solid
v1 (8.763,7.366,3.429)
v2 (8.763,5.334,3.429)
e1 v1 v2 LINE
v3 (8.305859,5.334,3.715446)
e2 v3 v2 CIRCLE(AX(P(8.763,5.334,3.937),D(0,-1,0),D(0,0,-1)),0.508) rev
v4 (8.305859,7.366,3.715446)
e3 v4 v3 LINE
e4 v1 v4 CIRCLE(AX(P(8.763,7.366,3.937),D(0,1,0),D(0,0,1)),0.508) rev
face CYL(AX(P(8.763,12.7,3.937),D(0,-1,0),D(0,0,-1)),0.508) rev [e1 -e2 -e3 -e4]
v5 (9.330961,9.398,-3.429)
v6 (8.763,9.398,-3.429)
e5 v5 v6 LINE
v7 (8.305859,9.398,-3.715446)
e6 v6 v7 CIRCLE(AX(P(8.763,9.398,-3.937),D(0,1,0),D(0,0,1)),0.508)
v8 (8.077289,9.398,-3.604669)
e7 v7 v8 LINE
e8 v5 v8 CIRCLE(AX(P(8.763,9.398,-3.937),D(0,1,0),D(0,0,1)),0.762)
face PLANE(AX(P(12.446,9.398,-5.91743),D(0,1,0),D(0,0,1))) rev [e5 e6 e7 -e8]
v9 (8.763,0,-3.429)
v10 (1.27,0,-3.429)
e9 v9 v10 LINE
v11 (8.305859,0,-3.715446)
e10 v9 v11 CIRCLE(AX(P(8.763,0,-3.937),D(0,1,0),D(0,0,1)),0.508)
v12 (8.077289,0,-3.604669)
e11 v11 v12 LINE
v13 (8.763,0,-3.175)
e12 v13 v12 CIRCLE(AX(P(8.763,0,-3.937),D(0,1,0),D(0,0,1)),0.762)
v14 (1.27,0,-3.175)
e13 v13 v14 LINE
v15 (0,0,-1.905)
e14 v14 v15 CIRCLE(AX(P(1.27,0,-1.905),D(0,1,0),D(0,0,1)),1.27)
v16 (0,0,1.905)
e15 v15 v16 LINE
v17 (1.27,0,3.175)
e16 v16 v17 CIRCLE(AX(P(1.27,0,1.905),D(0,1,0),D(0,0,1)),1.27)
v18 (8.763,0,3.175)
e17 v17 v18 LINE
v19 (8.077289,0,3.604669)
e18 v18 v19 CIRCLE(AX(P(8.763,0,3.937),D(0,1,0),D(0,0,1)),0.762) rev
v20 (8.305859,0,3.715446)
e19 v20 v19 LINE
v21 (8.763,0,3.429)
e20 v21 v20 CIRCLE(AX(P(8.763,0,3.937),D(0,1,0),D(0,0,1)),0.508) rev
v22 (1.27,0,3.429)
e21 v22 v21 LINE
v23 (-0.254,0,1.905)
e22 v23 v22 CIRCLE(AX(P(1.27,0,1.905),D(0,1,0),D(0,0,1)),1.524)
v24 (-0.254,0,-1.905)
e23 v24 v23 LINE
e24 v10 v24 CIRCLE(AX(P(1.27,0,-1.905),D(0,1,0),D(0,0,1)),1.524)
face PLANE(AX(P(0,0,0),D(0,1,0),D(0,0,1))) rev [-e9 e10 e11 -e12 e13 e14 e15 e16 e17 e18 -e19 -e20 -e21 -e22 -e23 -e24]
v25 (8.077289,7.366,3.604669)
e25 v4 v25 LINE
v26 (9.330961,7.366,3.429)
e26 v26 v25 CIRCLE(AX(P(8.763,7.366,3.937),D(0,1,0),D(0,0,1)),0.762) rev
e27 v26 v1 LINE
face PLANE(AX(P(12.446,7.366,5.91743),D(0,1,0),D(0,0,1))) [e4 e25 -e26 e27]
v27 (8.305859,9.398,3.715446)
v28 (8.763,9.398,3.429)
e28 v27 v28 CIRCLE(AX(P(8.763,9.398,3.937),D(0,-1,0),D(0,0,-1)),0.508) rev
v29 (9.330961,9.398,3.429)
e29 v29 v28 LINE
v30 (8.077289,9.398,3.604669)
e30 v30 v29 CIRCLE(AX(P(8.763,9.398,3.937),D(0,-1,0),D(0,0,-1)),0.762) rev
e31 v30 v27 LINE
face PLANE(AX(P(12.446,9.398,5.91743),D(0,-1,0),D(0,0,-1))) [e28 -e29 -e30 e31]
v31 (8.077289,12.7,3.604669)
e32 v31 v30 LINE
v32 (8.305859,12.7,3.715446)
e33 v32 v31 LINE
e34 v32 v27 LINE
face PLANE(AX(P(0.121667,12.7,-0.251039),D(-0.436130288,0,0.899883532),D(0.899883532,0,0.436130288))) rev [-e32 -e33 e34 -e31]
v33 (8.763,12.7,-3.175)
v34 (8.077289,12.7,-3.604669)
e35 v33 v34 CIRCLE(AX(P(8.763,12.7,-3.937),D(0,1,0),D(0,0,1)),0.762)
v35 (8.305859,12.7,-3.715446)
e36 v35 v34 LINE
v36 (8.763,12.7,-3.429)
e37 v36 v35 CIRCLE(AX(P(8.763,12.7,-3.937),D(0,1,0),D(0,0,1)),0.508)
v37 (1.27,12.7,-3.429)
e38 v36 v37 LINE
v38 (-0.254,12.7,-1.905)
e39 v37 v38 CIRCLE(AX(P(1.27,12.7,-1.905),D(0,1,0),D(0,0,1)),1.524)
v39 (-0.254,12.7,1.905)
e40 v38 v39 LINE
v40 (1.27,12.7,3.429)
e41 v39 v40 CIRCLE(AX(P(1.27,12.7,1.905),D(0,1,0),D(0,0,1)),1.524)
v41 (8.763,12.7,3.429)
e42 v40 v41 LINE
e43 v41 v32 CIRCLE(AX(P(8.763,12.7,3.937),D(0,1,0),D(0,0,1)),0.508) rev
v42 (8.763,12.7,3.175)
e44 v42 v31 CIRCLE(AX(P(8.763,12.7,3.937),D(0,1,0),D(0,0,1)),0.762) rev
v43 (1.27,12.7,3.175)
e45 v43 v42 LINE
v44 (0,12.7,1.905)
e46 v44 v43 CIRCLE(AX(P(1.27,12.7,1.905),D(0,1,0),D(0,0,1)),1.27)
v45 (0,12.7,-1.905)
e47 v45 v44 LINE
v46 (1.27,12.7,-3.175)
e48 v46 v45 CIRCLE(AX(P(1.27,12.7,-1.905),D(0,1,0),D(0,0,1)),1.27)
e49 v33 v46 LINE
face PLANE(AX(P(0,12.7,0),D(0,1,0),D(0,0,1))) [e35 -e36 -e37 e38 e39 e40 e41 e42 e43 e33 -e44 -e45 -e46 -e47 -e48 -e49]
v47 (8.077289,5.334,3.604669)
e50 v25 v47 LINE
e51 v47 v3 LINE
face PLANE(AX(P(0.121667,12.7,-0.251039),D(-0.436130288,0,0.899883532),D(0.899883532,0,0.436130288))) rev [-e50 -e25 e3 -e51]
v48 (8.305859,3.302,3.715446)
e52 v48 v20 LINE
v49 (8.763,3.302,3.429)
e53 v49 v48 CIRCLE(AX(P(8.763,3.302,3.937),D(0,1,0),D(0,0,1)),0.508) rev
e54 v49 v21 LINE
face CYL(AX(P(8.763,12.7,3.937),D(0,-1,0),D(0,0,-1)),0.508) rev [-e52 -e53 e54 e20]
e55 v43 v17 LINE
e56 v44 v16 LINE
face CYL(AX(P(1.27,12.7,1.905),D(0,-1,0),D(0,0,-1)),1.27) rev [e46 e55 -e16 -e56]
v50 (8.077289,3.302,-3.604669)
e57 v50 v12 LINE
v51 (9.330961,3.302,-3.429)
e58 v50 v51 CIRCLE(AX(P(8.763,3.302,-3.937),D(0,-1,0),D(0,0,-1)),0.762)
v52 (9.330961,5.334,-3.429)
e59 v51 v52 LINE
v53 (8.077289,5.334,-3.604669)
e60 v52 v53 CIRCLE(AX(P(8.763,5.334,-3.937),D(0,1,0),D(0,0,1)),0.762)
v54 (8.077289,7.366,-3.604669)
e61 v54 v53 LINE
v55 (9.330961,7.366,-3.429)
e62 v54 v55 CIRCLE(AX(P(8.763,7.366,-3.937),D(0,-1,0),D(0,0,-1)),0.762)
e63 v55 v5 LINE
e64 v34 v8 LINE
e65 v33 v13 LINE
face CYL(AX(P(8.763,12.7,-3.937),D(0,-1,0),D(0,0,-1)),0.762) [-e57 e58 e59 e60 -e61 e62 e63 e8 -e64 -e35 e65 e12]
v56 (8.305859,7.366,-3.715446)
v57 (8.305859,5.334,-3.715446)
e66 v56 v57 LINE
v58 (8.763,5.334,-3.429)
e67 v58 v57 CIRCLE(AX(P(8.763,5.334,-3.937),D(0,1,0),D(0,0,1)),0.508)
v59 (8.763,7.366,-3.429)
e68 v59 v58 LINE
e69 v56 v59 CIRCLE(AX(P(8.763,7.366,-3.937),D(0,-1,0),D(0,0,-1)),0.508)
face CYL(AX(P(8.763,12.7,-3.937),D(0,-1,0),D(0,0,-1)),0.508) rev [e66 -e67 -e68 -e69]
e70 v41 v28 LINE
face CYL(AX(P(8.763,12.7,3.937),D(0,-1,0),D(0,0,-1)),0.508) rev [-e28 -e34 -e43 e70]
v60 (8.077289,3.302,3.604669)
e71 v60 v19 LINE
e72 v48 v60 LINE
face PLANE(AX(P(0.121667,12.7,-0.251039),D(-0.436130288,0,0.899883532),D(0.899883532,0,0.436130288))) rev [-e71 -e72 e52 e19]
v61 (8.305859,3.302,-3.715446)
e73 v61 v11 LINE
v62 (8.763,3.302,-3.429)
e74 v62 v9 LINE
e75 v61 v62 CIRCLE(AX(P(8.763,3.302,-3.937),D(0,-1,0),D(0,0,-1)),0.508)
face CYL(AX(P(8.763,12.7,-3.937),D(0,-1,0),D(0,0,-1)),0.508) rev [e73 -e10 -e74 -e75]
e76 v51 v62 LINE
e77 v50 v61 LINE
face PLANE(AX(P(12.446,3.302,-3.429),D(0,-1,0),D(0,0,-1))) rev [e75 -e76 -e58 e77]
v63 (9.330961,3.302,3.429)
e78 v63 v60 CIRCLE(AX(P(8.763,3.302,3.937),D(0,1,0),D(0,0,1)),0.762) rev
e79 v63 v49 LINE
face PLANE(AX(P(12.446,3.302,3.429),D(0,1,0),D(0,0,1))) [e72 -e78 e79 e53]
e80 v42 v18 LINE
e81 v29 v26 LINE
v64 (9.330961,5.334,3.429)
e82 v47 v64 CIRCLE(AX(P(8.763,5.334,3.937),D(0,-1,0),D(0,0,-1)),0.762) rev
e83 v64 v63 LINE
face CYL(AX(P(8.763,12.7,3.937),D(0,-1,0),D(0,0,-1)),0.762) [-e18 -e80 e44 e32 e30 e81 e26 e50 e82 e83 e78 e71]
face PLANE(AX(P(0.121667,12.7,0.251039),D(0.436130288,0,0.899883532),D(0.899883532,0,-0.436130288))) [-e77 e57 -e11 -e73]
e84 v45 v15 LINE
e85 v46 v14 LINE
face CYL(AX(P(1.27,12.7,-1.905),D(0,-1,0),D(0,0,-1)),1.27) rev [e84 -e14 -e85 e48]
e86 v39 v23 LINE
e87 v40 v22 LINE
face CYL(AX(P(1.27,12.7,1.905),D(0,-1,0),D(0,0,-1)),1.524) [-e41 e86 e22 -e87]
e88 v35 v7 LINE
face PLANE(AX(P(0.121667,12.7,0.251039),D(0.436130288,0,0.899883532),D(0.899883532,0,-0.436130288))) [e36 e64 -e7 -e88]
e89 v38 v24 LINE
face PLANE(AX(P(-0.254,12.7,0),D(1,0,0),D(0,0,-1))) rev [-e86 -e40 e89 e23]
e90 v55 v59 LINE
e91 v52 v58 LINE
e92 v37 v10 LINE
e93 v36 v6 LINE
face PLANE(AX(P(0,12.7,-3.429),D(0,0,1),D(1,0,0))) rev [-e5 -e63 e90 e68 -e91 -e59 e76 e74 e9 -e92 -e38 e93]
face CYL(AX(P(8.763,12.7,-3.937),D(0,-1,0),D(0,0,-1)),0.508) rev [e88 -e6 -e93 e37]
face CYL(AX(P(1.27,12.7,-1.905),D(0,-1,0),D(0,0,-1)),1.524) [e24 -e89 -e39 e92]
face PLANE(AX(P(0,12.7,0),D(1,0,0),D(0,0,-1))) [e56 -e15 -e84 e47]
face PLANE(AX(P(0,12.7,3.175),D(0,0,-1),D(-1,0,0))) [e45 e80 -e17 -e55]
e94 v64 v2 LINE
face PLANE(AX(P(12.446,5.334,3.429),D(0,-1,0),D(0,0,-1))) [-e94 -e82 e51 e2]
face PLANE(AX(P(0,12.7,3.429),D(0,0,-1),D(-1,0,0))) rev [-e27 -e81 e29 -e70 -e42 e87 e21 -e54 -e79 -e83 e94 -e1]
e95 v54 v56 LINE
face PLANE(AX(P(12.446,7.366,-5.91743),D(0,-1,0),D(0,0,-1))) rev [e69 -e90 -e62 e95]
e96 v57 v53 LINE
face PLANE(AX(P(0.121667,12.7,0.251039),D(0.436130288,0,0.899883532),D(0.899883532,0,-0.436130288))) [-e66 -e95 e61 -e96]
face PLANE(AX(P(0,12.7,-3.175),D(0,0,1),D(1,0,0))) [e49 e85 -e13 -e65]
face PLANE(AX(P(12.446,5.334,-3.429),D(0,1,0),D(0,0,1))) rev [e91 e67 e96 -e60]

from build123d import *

# Parameters (mm, degrees)
BOSS_EXTRUDE1_DEPTH = 12.7
SKETCH2_W           = 2.488429633
SKETCH2_H           = 2.032
CUT_EXTRUDE1_DEPTH  = 12.7


with BuildPart() as part:
    # Sketch1 → Boss-Extrude1 (new body)
    with BuildSketch(Plane(origin=(0, 0, 0), x_dir=(1, 0, 0), z_dir=(0, 1, 0))):
        with BuildLine():
            ThreePointArc((8.763, -3.175), (9.167603241, -4.582709081), (8.077288748, -3.60466872))
            Line((8.077288748, -3.60466872), (8.305859166, -3.715445814))
            ThreePointArc((8.305859166, -3.715445814), (9.032735494, -4.367472721), (8.763, -3.429))
            Line((8.763, -3.429), (1.27, -3.429))
            ThreePointArc((1.27, -3.429), (0.192369265, -2.982630735), (-0.254, -1.905))
            Line((-0.254, -1.905), (-0.254, 1.905))
            ThreePointArc((-0.254, 1.905), (0.192369265, 2.982630735), (1.27, 3.429))
            Line((1.27, 3.429), (8.763, 3.429))
            ThreePointArc((8.763, 3.429), (9.032735494, 4.367472721), (8.305859166, 3.715445814))
            Line((8.305859166, 3.715445814), (8.077288748, 3.60466872))
            ThreePointArc((8.077288748, 3.60466872), (9.167603241, 4.582709081), (8.763, 3.175))
            Line((8.763, 3.175), (1.27, 3.175))
            ThreePointArc((1.27, 3.175), (0.371974388, 2.803025612), (0, 1.905))
            Line((0, 1.905), (0, -1.905))
            ThreePointArc((0, -1.905), (0.371974388, -2.803025612), (1.27, -3.175))
            Line((1.27, -3.175), (8.763, -3.175))
        make_face()
    extrude(amount=BOSS_EXTRUDE1_DEPTH)

    # Sketch2 → Cut-Extrude1 (cut)
    with BuildSketch(Plane.ZY.offset(0.254)):
        with Locations((-4.673214816, 8.382)):
            Rectangle(SKETCH2_W, SKETCH2_H)
        with Locations((-4.673214816, 4.318)):
            Rectangle(SKETCH2_W, SKETCH2_H)
    cut_extrude1 = extrude(amount=-CUT_EXTRUDE1_DEPTH, mode=Mode.SUBTRACT)

    # Mirror1: Cut-Extrude1 across plane
    add(cut_extrude1.mirror(Plane(origin=(0, 0, 0), x_dir=(1, 0, 0), z_dir=(0, 0, -1))), mode=Mode.SUBTRACT)


solid = part.part
